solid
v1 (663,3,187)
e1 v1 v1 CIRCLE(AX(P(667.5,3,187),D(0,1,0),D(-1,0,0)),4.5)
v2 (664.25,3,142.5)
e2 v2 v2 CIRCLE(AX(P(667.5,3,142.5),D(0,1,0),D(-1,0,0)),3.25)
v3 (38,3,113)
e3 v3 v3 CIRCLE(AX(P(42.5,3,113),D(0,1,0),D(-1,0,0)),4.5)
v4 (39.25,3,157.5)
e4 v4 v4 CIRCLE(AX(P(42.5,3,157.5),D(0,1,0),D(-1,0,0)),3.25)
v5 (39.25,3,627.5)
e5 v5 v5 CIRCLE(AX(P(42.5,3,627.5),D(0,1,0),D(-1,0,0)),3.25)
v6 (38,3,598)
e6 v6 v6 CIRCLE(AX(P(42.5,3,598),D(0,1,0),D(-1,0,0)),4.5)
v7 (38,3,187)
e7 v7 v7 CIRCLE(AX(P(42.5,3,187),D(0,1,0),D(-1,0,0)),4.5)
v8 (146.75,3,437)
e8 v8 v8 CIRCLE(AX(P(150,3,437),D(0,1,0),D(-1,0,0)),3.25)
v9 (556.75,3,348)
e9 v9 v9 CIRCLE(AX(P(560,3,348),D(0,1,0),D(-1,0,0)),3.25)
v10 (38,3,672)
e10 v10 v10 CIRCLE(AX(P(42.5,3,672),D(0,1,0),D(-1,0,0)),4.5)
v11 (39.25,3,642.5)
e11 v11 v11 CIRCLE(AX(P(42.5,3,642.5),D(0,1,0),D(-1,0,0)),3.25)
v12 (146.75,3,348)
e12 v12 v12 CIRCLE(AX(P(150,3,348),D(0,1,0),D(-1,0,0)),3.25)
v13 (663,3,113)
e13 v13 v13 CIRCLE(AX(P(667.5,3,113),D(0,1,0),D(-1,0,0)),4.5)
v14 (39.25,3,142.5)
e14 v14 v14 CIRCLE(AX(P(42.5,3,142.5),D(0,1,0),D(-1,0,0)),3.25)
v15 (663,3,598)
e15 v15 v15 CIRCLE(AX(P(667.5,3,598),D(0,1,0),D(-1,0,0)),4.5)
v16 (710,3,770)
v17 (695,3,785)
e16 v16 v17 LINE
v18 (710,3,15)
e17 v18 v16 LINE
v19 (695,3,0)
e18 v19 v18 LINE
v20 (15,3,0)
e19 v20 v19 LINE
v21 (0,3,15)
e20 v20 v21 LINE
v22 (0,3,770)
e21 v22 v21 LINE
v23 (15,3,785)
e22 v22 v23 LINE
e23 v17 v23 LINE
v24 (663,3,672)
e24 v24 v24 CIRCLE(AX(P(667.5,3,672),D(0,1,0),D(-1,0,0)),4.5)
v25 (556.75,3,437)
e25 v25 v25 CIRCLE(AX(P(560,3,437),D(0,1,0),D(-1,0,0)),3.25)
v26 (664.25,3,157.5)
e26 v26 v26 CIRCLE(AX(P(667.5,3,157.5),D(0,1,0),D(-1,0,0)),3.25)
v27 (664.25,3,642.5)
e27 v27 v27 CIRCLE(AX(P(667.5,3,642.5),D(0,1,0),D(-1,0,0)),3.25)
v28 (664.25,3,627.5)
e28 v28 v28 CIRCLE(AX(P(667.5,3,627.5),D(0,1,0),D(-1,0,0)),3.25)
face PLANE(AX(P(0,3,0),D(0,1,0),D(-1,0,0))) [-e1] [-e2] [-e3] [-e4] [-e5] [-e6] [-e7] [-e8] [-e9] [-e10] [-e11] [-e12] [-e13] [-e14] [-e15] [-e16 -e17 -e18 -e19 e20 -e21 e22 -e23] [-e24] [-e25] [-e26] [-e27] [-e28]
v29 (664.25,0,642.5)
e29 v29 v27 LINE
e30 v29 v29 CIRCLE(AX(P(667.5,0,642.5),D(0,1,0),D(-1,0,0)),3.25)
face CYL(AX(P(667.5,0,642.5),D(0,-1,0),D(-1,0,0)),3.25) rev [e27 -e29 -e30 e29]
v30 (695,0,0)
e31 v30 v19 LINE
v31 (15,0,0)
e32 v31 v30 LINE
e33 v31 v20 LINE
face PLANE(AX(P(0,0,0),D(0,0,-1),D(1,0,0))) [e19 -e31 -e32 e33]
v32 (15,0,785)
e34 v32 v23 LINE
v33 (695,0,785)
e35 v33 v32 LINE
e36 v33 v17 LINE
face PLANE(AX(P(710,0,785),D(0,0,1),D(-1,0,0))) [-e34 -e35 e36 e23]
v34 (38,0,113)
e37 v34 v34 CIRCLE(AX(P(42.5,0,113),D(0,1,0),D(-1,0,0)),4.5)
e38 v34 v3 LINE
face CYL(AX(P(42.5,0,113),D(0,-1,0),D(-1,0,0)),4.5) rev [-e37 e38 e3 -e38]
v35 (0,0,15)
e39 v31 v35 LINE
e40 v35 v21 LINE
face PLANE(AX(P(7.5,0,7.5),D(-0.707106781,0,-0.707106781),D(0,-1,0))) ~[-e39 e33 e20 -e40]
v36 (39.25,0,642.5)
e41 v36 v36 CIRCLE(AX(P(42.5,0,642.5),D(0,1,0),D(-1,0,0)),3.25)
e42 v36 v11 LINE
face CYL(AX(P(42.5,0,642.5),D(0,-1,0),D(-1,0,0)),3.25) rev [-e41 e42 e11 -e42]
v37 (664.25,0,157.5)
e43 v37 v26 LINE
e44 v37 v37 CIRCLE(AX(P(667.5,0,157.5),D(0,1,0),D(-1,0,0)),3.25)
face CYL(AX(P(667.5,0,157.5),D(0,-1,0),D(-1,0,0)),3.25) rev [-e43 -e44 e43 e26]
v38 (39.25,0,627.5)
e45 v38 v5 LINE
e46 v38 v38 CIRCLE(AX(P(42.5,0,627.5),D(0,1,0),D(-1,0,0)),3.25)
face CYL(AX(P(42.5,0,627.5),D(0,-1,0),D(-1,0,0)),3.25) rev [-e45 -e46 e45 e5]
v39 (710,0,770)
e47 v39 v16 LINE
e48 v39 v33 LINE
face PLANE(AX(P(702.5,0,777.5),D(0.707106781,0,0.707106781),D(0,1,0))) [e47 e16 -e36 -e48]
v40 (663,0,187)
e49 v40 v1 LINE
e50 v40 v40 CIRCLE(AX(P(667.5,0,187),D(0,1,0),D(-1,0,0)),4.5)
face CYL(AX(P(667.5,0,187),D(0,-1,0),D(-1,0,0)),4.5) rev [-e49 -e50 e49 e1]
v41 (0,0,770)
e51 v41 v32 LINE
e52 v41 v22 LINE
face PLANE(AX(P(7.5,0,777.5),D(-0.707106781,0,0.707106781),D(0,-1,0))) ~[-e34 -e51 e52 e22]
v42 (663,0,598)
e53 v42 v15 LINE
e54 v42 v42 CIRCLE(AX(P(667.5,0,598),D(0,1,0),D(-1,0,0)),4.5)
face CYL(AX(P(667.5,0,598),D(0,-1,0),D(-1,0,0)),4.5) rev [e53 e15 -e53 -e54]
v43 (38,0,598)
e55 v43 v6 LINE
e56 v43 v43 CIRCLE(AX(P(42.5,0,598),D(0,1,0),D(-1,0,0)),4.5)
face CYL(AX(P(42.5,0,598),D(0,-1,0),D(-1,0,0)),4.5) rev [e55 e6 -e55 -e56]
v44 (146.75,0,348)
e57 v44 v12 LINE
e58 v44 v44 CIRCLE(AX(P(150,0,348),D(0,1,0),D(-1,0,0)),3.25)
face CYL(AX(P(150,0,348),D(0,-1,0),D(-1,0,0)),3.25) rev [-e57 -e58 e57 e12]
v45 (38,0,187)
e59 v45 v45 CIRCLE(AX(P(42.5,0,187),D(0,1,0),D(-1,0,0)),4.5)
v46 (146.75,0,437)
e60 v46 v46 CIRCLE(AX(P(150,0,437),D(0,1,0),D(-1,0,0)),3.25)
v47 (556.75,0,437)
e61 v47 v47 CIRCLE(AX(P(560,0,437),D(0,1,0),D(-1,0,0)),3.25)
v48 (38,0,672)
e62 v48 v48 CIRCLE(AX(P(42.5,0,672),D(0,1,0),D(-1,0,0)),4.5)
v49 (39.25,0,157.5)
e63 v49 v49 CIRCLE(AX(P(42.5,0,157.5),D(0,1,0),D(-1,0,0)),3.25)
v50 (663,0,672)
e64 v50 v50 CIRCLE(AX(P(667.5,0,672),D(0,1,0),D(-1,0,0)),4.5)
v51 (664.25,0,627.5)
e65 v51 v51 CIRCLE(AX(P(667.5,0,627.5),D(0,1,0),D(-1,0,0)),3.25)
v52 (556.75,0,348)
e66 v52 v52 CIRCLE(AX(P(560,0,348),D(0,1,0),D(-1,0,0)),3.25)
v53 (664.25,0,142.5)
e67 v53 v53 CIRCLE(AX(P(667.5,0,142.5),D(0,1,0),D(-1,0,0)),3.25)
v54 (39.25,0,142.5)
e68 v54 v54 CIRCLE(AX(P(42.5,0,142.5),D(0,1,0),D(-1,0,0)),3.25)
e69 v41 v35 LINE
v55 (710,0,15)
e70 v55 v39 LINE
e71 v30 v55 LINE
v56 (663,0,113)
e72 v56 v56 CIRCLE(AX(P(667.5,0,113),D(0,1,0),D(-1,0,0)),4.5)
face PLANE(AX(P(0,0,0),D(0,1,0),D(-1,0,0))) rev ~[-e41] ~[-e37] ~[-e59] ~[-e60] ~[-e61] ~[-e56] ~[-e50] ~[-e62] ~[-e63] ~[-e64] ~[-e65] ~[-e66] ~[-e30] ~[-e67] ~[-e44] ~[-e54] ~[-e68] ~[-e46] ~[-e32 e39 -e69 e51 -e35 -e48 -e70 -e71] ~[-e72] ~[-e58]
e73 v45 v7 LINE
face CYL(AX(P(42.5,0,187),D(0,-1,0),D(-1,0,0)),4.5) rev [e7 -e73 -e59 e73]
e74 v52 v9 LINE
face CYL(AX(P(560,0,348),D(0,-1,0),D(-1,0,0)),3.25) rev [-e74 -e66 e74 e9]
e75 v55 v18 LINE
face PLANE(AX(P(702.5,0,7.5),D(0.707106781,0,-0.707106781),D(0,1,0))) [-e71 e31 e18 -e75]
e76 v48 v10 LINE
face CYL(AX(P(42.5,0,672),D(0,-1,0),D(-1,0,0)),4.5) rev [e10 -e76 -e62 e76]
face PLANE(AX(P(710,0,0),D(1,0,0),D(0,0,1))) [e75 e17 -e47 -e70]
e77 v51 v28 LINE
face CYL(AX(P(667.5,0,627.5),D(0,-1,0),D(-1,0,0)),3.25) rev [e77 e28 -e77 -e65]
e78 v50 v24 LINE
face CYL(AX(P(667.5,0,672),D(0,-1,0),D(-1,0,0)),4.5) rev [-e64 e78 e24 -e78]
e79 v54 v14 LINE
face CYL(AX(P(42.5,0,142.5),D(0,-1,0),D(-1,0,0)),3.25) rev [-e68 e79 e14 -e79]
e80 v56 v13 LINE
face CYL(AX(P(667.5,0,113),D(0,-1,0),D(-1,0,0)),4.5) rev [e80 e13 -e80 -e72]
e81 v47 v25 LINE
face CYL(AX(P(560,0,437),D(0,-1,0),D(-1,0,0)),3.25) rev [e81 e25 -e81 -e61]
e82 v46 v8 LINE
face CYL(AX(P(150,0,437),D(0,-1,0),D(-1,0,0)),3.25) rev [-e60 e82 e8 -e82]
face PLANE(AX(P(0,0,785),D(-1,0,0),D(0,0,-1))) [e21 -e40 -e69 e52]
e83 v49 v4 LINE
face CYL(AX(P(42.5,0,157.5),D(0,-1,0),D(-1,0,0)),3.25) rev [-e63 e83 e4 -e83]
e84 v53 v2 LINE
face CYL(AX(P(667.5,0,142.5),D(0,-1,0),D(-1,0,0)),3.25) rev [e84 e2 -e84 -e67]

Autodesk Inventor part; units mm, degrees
ref_plane "YZ Plane" through (0, 0, 0) normal (1, 0, 0) x (0, 1, 0)
ref_plane "XZ Plane" through (0, 0, 0) normal (0, 1, 0) x (-1, 0, 0)
ref_plane "XY Plane" through (0, 0, 0) normal (0, 0, 1) x (1, 0, 0)
sketch "Skizze1" plane through (0, 0, 0) normal (0, 1, 0) x (-1, 0, 0)
  line L0 (0, 0) -> (-710, 0)
  line L1 (-710, 0) -> (-710, 785)
  line L2 (-710, 785) -> (0, 785)
  line L3 (0, 785) -> (0, 0)
  line L4 (-355, 0) -> (-355, 785) construction
  line L5 (0, 392.5) -> (-710, 392.5) construction
  line L6 (-150, 0) -> (-150, 785) construction
  line L7 (-560, 0) -> (-560, 785) construction
  line L8 (-710, 635) -> (0, 635) construction
  line L9 (0, 150) -> (-710, 150) construction
  line L10 (-667.5, 742.5) -> (-667.5, 42.5) construction
  line L11 (-667.5, 42.5) -> (-42.5, 42.5) construction
  line L12 (-42.5, 42.5) -> (-42.5, 742.5) construction
  line L13 (-42.5, 742.5) -> (-667.5, 742.5) construction
  line L14 (-50.5, 587.5) -> (-34.5, 587.5) construction
  line L15 (-34.5, 587.5) -> (-34.5, 682.5) construction
  line L16 (-34.5, 682.5) -> (-50.5, 682.5) construction
  line L17 (-50.5, 682.5) -> (-50.5, 587.5) construction
  line L18 (-50.5, 587.5) -> (-34.5, 682.5) construction
  line L19 (-34.5, 587.5) -> (-50.5, 682.5) construction
  line L20 (-102.5, 750.5) -> (-197.5, 750.5) construction
  line L21 (-197.5, 750.5) -> (-197.5, 734.5) construction
  line L22 (-197.5, 734.5) -> (-102.5, 734.5) construction
  line L23 (-102.5, 734.5) -> (-102.5, 750.5) construction
  line L24 (-102.5, 750.5) -> (-197.5, 734.5) construction
  line L25 (-197.5, 750.5) -> (-102.5, 734.5) construction
  line L26 (-307.5, 750.5) -> (-402.5, 750.5) construction
  line L27 (-402.5, 750.5) -> (-402.5, 734.5) construction
  line L28 (-402.5, 734.5) -> (-307.5, 734.5) construction
  line L29 (-307.5, 734.5) -> (-307.5, 750.5) construction
  line L30 (-307.5, 750.5) -> (-402.5, 734.5) construction
  line L31 (-402.5, 750.5) -> (-307.5, 734.5) construction
  circle A0 centre (-42.5, 627.5) radius 3.25
  circle A1 centre (-42.5, 598) radius 4.5
  circle A2 centre (-42.5, 642.5) radius 3.25
  circle A3 centre (-42.5, 672) radius 4.5
  circle A4 centre (-142.5, 742.5) radius 3.25
  circle A5 centre (-113, 742.5) radius 4.5
  circle A6 centre (-318, 742.5) radius 4.5
  circle A7 centre (-347.5, 742.5) radius 3.25
  circle A8 centre (-157.5, 742.5) radius 3.25
  circle A9 centre (-187, 742.5) radius 4.5
  circle A10 centre (-392, 742.5) radius 4.5
  circle A11 centre (-362.5, 742.5) radius 3.25
  circle A12 centre (-667.5, 627.5) radius 3.25
  circle A13 centre (-667.5, 598) radius 4.5
  circle A14 centre (-667.5, 672) radius 4.5
  circle A15 centre (-667.5, 642.5) radius 3.25
  circle A16 centre (-567.5, 742.5) radius 3.25
  circle A17 centre (-597, 742.5) radius 4.5
  circle A18 centre (-552.5, 742.5) radius 3.25
  circle A19 centre (-523, 742.5) radius 4.5
  circle A20 centre (-42.5, 113) radius 4.5
  circle A21 centre (-42.5, 142.5) radius 3.25
  circle A22 centre (-150, 348) radius 3.25
  line L32 (-138.5, 338.5) -> (-161.5, 338.5) construction
  line L33 (-161.5, 338.5) -> (-161.5, 446.5) construction
  line L34 (-161.5, 446.5) -> (-138.5, 446.5) construction
  line L35 (-138.5, 446.5) -> (-138.5, 338.5) construction
  line L36 (-138.5, 338.5) -> (-161.5, 446.5) construction
  line L37 (-161.5, 338.5) -> (-138.5, 446.5) construction
  circle A23 centre (-150, 437) radius 3.25
  circle A24 centre (-560, 348) radius 3.25
  circle A25 centre (-560, 437) radius 3.25
  circle A26 centre (-42.5, 187) radius 4.5
  circle A27 centre (-42.5, 157.5) radius 3.25
  circle A28 centre (-667.5, 113) radius 4.5
  circle A29 centre (-667.5, 142.5) radius 3.25
  circle A30 centre (-667.5, 157.5) radius 3.25
  circle A31 centre (-667.5, 187) radius 4.5
  point P0 (-42.5, 635)
  point P1 (-150, 742.5)
  point P2 (-355, 742.5)
  point P3 (-150, 392.5)
  dimension "d0" = 710
  dimension "d1" = 785
  dimension "d2" = 150
  dimension "d3" = 150
  dimension "d4" = 150
  dimension "d5" = 150
  dimension "d6" = 42.5
  dimension "d7" = 16
  dimension "d8" = 95
  dimension "d9" = 95
  dimension "d10" = 16
  dimension "d11" = 95
  dimension "d12" = 16
  dimension "d13" = 6.5
  dimension "d14" = 7.5
  dimension "d15" = 9
  dimension "d16" = 37
  dimension "d17" = 6.5
  dimension "d18" = 9
  dimension "d19" = 7.5
  dimension "d20" = 37
  dimension "d21" = 6.5
  dimension "d22" = 9
  dimension "d23" = 7.5
  dimension "d24" = 37
  dimension "d30" = 6.5
  dimension "d31" = 44.5
  dimension "d32" = 23
  dimension "d33" = 108
  dimension "d34" = 6.5
  dimension "d35" = 9
  dimension "d36" = 7.5
  dimension "d37" = 37
extrude "Extrusion1" add sketch "Skizze1" along normal blind 3 contours L0 L1 L2 L3 | A4 | A5 | A6 | A7 | A8 | A9 | A10 | A11 | A16 | A17 | A18 | A19
chamfer "Fase1" distance 15 angle 45 4 edges at (0, 1.5, 785) (710, 1.5, 785) (710, 1.5, 0) (0, 1.5, 0)
equation "\"d5\" = d4"
equation "\"d17\" = d13"
equation "\"d18\" = d15"
equation "\"d19\" = d14"
equation "\"d20\" = d16"
equation "\"d21\" = d13"
equation "\"d22\" = d15"
equation "\"d23\" = d14"
equation "\"d24\" = d16"
equation "\"d34\" = d13"
equation "\"d35\" = d15"
equation "\"d36\" = d14"
equation "\"d37\" = d16"
properties part number "enc-TopPanel"
